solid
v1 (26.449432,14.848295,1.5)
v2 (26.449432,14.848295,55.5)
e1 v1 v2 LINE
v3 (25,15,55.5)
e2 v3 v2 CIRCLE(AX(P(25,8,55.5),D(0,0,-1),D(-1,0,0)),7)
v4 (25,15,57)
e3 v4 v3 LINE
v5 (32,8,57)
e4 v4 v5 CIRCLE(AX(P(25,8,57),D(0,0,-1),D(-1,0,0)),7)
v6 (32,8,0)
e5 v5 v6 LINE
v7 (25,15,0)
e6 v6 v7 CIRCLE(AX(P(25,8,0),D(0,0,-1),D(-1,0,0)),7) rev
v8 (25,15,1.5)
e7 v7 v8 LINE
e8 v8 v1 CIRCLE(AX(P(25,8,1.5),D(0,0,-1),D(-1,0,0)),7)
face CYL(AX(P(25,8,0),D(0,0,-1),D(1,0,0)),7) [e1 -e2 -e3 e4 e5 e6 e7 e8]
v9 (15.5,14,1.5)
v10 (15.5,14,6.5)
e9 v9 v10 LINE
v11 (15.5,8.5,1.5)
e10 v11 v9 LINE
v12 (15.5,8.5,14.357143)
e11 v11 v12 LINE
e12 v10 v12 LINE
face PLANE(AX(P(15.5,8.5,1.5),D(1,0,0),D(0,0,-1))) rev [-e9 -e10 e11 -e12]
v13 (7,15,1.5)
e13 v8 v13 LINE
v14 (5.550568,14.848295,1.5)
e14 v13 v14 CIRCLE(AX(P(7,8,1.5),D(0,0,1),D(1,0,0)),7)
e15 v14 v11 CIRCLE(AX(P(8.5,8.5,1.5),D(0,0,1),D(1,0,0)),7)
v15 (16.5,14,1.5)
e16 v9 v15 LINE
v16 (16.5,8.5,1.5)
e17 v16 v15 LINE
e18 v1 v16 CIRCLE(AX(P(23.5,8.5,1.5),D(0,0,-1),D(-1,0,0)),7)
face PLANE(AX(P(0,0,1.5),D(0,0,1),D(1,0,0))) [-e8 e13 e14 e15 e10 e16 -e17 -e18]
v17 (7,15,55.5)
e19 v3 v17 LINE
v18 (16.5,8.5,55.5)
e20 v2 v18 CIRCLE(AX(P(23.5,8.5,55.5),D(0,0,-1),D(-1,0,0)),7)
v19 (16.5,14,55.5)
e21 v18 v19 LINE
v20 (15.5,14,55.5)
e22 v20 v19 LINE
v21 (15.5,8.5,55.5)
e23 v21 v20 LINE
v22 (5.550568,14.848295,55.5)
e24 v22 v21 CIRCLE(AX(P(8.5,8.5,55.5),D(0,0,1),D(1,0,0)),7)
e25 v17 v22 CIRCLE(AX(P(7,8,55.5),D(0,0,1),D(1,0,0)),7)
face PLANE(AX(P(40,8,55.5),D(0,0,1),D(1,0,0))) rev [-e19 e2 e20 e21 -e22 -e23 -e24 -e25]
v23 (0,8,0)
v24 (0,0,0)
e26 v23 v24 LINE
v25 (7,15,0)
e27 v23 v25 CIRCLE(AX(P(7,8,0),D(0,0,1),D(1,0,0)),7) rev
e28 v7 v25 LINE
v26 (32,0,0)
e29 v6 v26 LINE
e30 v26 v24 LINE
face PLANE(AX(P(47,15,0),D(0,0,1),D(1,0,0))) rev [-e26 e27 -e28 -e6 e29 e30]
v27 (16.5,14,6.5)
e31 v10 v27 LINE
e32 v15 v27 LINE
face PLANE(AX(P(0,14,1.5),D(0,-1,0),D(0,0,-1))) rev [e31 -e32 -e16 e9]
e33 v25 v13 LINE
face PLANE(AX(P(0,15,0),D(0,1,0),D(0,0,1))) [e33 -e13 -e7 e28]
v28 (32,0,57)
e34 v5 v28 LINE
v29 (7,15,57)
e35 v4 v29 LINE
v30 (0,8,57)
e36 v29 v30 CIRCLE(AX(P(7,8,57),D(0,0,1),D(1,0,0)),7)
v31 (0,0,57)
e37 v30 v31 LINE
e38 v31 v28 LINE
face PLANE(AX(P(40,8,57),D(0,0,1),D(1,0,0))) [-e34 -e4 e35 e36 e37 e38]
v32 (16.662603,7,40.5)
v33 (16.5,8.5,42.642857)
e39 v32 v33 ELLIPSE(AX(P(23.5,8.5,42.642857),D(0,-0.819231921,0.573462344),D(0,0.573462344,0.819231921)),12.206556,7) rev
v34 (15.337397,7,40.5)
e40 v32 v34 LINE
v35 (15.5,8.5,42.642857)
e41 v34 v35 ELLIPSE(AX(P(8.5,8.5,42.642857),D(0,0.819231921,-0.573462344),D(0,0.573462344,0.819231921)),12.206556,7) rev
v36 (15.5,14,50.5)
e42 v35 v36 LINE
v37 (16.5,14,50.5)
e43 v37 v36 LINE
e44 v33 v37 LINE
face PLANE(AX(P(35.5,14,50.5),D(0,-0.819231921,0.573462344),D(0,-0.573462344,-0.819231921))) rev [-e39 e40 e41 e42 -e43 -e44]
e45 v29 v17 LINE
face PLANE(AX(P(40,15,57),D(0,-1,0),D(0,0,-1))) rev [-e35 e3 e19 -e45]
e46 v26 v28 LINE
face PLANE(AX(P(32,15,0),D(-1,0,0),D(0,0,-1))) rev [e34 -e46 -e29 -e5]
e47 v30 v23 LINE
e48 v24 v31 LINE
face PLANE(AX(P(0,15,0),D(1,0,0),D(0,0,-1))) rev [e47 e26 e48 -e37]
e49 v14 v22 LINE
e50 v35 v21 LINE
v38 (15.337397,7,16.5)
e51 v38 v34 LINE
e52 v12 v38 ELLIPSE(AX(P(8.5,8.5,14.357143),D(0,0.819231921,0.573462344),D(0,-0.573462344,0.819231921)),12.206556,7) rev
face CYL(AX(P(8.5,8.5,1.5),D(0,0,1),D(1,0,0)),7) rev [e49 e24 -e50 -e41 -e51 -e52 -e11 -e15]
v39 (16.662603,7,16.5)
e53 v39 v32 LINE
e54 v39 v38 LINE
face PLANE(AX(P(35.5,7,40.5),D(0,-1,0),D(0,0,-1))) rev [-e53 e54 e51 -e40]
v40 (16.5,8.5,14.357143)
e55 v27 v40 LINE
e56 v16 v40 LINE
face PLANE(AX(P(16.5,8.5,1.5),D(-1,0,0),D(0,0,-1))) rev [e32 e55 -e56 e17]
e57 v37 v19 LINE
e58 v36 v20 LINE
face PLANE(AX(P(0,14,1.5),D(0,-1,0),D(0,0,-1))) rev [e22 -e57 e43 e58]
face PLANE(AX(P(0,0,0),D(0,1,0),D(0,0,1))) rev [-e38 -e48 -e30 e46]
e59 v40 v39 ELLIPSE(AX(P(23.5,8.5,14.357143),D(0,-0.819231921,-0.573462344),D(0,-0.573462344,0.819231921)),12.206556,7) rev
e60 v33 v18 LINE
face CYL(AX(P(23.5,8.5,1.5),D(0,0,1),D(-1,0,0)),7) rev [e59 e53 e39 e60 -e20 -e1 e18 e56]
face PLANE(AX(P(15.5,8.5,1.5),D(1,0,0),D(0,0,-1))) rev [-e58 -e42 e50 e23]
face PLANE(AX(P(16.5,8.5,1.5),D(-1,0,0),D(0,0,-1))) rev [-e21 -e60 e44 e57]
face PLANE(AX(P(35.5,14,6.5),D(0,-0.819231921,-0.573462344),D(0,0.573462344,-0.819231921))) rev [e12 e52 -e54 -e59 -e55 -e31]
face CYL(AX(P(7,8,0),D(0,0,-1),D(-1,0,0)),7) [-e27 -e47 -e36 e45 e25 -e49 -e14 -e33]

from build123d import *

# Parameters (mm, degrees)
SKETCH1_W           = 47
SKETCH1_H           = 55.5
BOSS_EXTRUDE1_DEPTH = 15
CUT_EXTRUDE4_DEPTH  = 54
FILLET1_R           = 7
FILLET2_R           = 7
SKETCH3_W           = 4.401923789
SKETCH3_H           = 6.5
CUT_EXTRUDE5_DEPTH  = 54
SKETCH4_W           = 1
SKETCH4_H           = 1
CUT_EXTRUDE6_DEPTH  = 54
CUT_EXTRUDE7_DEPTH  = 20
CUT_EXTRUDE8_DEPTH  = 5
BOSS_EXTRUDE3_DEPTH = 1.5
CUT_EXTRUDE9_DEPTH  = 57


with BuildPart() as part:
    # Sketch1 → Boss-Extrude1 (new body)
    with BuildSketch(Plane(origin=(0, 0, 0), x_dir=(1, 0, 0), z_dir=(0, 1, 0))):
        with Locations((23.5, -27.75)):
            Rectangle(SKETCH1_W, SKETCH1_H)
    extrude(amount=BOSS_EXTRUDE1_DEPTH)

    # Sketch2 → Cut-Extrude4 (cut)
    with BuildSketch(Plane.XY.offset(55.5)):
        with BuildLine():
            Line((11.098076211, 15), (5.901923789, 15))
            ThreePointArc((5.901923789, 15), (8.5, 1.5), (11.098076211, 15))
        make_face()
        with BuildLine():
            Line((26.098076211, 15), (20.901923789, 15))
            ThreePointArc((20.901923789, 15), (23.5, 1.5), (26.098076211, 15))
        make_face()
        with BuildLine():
            ThreePointArc((35.901923789, 15), (38.5, 1.5), (41.098076211, 15))
            Line((41.098076211, 15), (35.901923789, 15))
        make_face()
    extrude(amount=-CUT_EXTRUDE4_DEPTH, mode=Mode.SUBTRACT)

    # Fillet1
    fillet1_edges = [part.edges().sort_by_distance(p)[0] for p in [
        (47, 15, 27.75),
    ]]
    fillet(fillet1_edges, radius=FILLET1_R)

    # Fillet2
    fillet2_edges = [part.edges().sort_by_distance(p)[0] for p in [
        (0, 15, 27.75),
    ]]
    fillet(fillet2_edges, radius=FILLET2_R)

    # Sketch3 → Cut-Extrude5 (cut)
    with BuildSketch(Plane.XY.offset(55.5)):
        with Locations((28.299038106, 11.75)):
            Rectangle(SKETCH3_W, SKETCH3_H)
        with Locations((33.700961895, 11.75)):
            Rectangle(SKETCH3_W, SKETCH3_H)
        with Locations((13.299038106, 11.75)):
            Rectangle(SKETCH3_W, SKETCH3_H)
        with Locations((18.700961895, 11.75)):
            Rectangle(SKETCH3_W, SKETCH3_H)
    extrude(amount=-CUT_EXTRUDE5_DEPTH, mode=Mode.SUBTRACT)

    # Sketch4 → Cut-Extrude6 (cut)
    with BuildSketch(Plane.XY.offset(55.5)):
        with Locations((16, 14.5)):
            Rectangle(SKETCH4_W, SKETCH4_H)
        with Locations((31, 14.5)):
            Rectangle(SKETCH4_W, SKETCH4_H)
    extrude(amount=-CUT_EXTRUDE6_DEPTH, mode=Mode.SUBTRACT)

    # Sketch5 → Cut-Extrude7 (cut)
    with BuildSketch(Plane.ZY.offset(-15.5)):
        Polygon((6.5, 14), (50.5, 14), (40.5, 7), (16.5, 7), align=None)
    extrude(amount=-CUT_EXTRUDE7_DEPTH, mode=Mode.SUBTRACT)

    # Sketch5<2> → Cut-Extrude8 (cut)
    with BuildSketch(Plane.ZY.offset(-15.5)):
        Polygon((6.5, 14), (50.5, 14), (40.5, 7), (16.5, 7), align=None)
    extrude(amount=CUT_EXTRUDE8_DEPTH, mode=Mode.SUBTRACT)

    # Sketch6 → Boss-Extrude3 (add)
    with BuildSketch(Plane.XY.offset(55.5)):
        with BuildLine():
            Line((0, 0), (47, 0))
            Line((47, 0), (47, 8))
            ThreePointArc((47, 8), (44.949747468, 12.949747468), (40, 15))
            Line((40, 15), (7, 15))
            ThreePointArc((7, 15), (2.050252532, 12.949747468), (0, 8))
            Line((0, 8), (0, 0))
        make_face()
    extrude(amount=BOSS_EXTRUDE3_DEPTH)

    # Sketch7 → Cut-Extrude9 (cut)
    with BuildSketch(Plane.XY.offset(57)):
        Polygon((16, 8), (16, 15), (47, 15), (47, 0), (16, 0), align=None)
    extrude(amount=-CUT_EXTRUDE9_DEPTH, mode=Mode.SUBTRACT)

    # Mirror1: part across plane


with BuildPart() as part_1:
    add(part.part)
    add(part.part.mirror(Plane(origin=(16, 8, 0), x_dir=(0, 0, 1), z_dir=(-1, 0, 0))))


solid = part_1.part
